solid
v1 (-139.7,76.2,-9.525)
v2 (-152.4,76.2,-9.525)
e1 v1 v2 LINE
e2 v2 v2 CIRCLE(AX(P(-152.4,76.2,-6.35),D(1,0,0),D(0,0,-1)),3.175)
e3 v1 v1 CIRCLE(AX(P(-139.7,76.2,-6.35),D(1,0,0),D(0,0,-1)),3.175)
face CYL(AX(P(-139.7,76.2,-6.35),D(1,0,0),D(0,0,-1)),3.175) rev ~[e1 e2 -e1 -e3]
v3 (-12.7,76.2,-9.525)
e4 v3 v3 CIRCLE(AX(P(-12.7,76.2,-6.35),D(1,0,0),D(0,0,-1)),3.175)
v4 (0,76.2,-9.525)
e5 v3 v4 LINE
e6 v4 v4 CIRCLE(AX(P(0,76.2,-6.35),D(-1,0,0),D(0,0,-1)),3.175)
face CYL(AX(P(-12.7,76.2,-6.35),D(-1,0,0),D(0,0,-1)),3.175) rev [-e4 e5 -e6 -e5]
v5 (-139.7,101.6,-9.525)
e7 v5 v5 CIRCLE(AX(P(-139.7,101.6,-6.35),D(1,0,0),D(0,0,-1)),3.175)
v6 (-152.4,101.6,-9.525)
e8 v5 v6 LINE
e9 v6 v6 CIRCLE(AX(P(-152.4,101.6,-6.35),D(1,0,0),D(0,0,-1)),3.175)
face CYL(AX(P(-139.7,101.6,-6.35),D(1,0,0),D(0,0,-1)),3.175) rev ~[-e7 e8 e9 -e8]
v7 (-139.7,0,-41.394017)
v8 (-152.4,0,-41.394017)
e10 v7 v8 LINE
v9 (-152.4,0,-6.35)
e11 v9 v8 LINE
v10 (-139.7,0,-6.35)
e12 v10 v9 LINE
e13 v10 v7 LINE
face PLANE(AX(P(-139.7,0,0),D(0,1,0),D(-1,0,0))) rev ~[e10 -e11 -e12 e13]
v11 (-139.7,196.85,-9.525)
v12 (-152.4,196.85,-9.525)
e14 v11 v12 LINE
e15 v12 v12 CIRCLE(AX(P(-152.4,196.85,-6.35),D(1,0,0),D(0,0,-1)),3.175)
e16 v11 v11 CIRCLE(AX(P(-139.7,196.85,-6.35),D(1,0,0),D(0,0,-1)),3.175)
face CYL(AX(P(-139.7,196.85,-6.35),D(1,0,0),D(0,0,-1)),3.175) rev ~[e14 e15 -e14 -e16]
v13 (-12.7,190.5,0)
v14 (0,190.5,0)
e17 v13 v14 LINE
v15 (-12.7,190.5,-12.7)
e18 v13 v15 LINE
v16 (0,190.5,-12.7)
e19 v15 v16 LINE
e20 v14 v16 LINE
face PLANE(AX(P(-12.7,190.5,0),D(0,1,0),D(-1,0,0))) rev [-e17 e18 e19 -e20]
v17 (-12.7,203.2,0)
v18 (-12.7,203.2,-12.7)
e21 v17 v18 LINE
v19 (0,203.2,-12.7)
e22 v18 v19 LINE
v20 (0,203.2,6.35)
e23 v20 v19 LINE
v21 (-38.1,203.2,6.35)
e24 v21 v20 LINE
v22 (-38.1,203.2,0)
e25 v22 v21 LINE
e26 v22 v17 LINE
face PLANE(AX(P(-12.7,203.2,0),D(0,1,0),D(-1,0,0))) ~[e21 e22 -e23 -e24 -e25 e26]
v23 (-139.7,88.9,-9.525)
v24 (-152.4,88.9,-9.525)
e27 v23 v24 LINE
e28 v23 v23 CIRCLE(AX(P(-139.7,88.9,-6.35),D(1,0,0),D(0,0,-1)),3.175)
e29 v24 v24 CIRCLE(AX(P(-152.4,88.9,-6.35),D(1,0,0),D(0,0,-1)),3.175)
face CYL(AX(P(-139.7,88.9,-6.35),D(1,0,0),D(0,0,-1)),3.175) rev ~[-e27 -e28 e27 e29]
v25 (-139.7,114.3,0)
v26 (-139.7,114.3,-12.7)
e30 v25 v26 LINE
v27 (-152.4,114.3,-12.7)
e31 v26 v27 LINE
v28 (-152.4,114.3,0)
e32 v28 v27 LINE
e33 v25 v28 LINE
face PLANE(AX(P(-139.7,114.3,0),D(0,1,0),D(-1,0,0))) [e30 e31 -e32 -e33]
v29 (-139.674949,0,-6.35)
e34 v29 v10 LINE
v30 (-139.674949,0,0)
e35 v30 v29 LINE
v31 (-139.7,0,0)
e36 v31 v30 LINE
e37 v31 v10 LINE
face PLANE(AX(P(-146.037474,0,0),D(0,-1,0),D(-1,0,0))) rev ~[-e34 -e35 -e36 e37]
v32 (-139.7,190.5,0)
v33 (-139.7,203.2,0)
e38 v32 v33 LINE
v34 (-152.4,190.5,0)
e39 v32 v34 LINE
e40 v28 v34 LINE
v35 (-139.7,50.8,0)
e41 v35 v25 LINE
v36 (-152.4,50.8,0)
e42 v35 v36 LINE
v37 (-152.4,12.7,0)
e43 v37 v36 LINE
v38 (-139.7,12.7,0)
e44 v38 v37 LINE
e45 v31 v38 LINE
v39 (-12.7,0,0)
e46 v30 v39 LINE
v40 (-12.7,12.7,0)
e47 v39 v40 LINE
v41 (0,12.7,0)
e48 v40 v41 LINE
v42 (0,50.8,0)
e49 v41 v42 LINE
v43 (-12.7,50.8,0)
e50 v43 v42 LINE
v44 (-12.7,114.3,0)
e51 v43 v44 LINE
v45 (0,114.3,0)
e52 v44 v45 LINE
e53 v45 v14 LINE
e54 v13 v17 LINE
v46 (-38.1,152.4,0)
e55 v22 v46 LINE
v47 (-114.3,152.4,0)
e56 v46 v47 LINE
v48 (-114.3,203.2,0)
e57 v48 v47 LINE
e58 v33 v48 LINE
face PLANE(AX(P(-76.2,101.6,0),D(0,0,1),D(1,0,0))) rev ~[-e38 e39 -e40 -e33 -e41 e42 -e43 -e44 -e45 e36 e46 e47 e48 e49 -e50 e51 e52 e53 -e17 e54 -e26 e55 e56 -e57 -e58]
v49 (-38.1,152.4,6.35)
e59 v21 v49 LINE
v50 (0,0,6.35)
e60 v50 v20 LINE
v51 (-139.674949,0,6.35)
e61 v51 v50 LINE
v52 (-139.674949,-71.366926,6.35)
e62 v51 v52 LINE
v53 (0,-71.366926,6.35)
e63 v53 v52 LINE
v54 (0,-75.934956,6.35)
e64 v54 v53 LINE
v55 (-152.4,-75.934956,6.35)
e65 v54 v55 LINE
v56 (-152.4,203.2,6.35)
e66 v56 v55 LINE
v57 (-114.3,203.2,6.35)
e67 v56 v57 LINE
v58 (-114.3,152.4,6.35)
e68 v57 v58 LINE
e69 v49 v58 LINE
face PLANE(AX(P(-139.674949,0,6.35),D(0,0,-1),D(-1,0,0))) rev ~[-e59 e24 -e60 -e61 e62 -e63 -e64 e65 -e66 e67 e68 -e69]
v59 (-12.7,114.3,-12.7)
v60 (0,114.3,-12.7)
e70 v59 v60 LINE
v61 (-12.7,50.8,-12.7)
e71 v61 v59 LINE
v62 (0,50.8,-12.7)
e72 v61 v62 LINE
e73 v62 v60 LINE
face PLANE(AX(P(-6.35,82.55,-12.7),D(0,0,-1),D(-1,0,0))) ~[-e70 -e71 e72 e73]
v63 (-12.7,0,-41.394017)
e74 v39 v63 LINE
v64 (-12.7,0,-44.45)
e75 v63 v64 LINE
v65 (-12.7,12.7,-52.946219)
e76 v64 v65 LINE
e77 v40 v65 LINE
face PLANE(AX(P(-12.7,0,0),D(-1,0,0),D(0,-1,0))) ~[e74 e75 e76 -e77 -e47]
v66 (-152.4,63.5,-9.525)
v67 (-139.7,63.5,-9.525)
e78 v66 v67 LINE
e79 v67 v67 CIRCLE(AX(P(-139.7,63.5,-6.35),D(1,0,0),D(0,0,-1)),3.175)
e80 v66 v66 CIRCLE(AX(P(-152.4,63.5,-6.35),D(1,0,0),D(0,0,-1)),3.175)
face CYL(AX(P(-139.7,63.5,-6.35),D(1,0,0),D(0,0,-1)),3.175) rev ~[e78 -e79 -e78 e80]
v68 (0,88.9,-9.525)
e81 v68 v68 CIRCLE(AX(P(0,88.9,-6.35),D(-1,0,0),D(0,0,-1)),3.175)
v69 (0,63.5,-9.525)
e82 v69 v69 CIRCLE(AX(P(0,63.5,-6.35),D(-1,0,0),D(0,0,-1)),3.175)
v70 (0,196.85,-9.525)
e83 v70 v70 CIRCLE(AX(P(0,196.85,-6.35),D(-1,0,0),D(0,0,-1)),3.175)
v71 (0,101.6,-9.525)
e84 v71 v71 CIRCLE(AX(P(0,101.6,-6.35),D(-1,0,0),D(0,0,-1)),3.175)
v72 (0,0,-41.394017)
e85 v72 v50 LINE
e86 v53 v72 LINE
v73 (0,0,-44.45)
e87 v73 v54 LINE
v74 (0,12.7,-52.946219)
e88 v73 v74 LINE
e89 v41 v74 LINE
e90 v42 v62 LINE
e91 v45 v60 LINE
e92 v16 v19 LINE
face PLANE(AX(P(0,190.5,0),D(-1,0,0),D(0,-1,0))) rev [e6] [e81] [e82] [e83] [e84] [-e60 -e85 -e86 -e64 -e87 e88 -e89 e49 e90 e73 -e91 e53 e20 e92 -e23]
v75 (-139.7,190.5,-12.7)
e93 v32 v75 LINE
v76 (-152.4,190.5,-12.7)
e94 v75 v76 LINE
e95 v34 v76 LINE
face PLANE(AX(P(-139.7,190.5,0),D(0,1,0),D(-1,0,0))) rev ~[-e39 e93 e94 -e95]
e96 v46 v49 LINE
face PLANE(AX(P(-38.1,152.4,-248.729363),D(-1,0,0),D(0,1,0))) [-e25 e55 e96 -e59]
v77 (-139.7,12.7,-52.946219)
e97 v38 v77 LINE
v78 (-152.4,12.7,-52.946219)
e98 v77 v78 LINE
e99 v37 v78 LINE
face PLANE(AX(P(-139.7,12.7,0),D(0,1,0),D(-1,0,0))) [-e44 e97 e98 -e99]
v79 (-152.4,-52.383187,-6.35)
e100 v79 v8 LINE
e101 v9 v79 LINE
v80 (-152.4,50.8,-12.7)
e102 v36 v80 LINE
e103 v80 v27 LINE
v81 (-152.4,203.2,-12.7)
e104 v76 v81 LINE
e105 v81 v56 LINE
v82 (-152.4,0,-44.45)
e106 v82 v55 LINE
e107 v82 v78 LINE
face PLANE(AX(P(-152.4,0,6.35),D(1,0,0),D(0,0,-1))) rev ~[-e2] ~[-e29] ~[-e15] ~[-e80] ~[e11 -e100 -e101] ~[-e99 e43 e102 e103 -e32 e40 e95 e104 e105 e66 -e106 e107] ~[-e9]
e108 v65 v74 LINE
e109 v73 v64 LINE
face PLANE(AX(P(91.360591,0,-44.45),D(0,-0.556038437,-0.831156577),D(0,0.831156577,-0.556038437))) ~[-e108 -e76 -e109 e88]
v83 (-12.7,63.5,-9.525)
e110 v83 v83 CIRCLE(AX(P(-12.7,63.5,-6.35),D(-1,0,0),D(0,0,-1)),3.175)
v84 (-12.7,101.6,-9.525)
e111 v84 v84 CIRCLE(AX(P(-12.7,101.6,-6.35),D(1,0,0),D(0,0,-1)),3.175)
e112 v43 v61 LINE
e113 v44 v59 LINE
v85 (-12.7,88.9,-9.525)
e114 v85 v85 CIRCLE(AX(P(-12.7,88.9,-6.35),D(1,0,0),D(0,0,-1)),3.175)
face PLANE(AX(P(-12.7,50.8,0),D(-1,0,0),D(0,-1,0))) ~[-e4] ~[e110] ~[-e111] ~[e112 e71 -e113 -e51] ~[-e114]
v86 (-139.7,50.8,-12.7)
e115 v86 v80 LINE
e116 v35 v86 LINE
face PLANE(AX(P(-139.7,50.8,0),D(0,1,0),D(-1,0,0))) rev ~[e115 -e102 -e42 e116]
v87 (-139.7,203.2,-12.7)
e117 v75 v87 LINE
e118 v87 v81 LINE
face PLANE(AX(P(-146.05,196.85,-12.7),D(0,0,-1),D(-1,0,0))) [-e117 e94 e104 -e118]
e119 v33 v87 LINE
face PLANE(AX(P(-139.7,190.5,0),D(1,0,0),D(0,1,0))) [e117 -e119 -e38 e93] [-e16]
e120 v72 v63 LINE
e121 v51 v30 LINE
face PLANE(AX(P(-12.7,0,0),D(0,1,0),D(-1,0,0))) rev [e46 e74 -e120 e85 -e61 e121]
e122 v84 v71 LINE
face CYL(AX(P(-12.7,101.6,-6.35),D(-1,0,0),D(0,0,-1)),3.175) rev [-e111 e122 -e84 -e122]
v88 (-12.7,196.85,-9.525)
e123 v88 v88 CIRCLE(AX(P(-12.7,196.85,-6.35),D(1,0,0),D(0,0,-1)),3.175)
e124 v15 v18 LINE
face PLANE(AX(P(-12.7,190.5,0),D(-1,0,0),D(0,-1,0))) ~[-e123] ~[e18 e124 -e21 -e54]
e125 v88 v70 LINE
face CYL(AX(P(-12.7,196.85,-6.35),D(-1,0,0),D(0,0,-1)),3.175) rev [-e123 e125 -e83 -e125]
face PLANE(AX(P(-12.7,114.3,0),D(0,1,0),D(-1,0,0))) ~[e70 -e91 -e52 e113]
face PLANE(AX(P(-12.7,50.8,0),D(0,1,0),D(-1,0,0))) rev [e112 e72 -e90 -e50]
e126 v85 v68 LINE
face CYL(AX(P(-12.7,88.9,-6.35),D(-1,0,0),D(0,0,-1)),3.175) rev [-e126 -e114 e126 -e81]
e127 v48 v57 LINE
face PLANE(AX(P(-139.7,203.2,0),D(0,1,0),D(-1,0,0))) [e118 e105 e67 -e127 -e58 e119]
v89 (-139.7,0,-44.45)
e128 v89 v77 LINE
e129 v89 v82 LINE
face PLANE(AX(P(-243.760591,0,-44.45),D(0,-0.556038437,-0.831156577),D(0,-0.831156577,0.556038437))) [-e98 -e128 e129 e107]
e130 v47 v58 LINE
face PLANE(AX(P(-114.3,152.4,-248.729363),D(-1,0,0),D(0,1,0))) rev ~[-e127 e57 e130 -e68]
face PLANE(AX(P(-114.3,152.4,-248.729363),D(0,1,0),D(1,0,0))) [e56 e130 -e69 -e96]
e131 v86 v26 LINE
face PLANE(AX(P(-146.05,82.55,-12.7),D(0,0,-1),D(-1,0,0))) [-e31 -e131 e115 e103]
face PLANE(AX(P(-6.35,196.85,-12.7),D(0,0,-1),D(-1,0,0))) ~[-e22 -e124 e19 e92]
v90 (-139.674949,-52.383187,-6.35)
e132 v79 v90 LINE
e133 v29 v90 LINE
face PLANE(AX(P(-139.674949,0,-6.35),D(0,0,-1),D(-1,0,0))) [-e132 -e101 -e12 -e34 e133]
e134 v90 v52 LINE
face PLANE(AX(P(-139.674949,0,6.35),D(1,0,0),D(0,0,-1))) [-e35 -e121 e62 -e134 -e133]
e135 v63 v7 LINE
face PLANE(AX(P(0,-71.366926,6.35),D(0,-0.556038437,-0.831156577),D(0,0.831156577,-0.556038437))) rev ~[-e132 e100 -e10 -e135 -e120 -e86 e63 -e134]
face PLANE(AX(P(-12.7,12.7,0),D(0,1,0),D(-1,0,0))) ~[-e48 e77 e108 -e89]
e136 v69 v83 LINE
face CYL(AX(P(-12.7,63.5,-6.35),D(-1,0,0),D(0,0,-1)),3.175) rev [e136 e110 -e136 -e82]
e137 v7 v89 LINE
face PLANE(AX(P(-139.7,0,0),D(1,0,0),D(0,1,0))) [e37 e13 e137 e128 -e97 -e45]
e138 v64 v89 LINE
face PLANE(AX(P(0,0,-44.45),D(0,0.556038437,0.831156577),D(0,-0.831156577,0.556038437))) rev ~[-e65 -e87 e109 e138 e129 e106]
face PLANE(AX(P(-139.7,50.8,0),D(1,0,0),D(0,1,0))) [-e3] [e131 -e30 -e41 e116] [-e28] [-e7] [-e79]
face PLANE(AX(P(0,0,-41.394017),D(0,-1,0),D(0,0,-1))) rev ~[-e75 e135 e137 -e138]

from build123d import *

# Parameters (mm, degrees)
SKETCH1_W               = 152.4
SKETCH1_H               = 203.2
BOSS_EXTRUDE1_DEPTH     = 6.35
CUT_EXTRUDE1_DEPTH      = 255.079362602
CUT_EXTRUDE1_DEPTH_BACK = 255.079362602
SKETCH2_W               = 76.2
SKETCH2_H               = 50.8
SKETCH3_W               = 12.7
SKETCH3_H               = 12.7
SKETCH3_H_2             = 63.5
BOSS_EXTRUDE2_DEPTH     = 12.7
SKETCH4_R               = 3.175
CUT_EXTRUDE2_DEPTH      = 247.916220609
BOSS_EXTRUDE3_DEPTH     = 152.4
BOSS_EXTRUDE5_REACH     = 259.86
SKETCH11_W              = 12.72505143
SKETCH11_H              = 12.7
BOSS_EXTRUDE8_REACH     = 259.86
SKETCH13_W              = 12.7
SKETCH13_H              = 12.7


with BuildPart() as part:
    # Sketch1 → Boss-Extrude1 (new body)
    with BuildSketch(Plane.XY):
        with Locations((-76.2, 101.6)):
            Rectangle(SKETCH1_W, SKETCH1_H)
    extrude(amount=BOSS_EXTRUDE1_DEPTH)

    # Sketch2 → Cut-Extrude1 (cut, two sides: drawn at the far end of the back side and taken through both)
    with BuildSketch(Plane.XY.offset(6.35).offset(-CUT_EXTRUDE1_DEPTH_BACK)):
        with Locations((-76.2, 177.8)):
            Rectangle(SKETCH2_W, SKETCH2_H)
    extrude(amount=CUT_EXTRUDE1_DEPTH + CUT_EXTRUDE1_DEPTH_BACK, mode=Mode.SUBTRACT)

    # Sketch3 → Boss-Extrude2 (add)
    with BuildSketch(Plane(origin=(0, 0, 0), x_dir=(-1, 0, 0), z_dir=(0, 0, -1))):
        with Locations((146.05, 196.85)):
            Rectangle(SKETCH3_W, SKETCH3_H)
        with Locations((146.05, 82.55)):
            Rectangle(SKETCH3_W, SKETCH3_H_2)
    boss_extrude2 = extrude(amount=BOSS_EXTRUDE2_DEPTH)

    # Sketch4 → Cut-Extrude2 (cut, symmetric)
    with BuildSketch(Plane(origin=(-139.7, 0, 0), x_dir=(0, 0, -1), z_dir=(1, 0, 0))):
        with Locations((6.35, 196.85)):
            Circle(SKETCH4_R)
        with Locations((6.35, 101.6)):
            Circle(SKETCH4_R)
        with Locations((6.35, 88.9)):
            Circle(SKETCH4_R)
        with Locations((6.35, 76.2)):
            Circle(SKETCH4_R)
        with Locations((6.35, 63.5)):
            Circle(SKETCH4_R)
    cut_extrude2 = extrude(amount=CUT_EXTRUDE2_DEPTH, both=True, mode=Mode.SUBTRACT)



with BuildPart() as body_2:
    # Sketch6 → Boss-Extrude3 (new body)
    with BuildSketch(Plane(origin=(0, 0, 0), x_dir=(0, 0, -1), z_dir=(1, 0, 0))):
        Polygon((44.45, 0), (-6.35, -75.934955719), (-6.35, -71.366926193), (41.394017446, 0), align=None)
    extrude(amount=-BOSS_EXTRUDE3_DEPTH)


with BuildPart() as body_3:
    # Boss-Extrude5: up to this plane
    boss_extrude5_end = Plane(origin=(-243.760590519, 0, -41.394017446), z_dir=(0, 0.5560384374855327, 0.8311565773298358))
    # Sketch11 → Boss-Extrude5 (new, up to the surface)
    with BuildSketch(Plane(origin=(0, 0, 0), x_dir=(-1, 0, 0), z_dir=(0, -1, 0)), mode=Mode.PRIVATE) as boss_extrude5_sk1:
        with Locations((146.037474285, 0)):
            Rectangle(SKETCH11_W, SKETCH11_H)
    boss_extrude5_tool1 = split(extrude(boss_extrude5_sk1.sketch, amount=BOSS_EXTRUDE5_REACH, mode=Mode.PRIVATE), bisect_by=boss_extrude5_end, keep=Keep.BOTH, mode=Mode.PRIVATE)
    add(boss_extrude5_tool1.solids().sort_by_distance((-146.037474, 0, 0))[0])


with BuildPart() as part_1:
    add(part.part)

    add(body_2.part)  # Boss-Extrude8 merges body 2

    add(body_3.part)  # Boss-Extrude8 merges body 3
    # Boss-Extrude8: up to this plane
    boss_extrude8_end = Plane(origin=(-243.760590519, 0, -44.45), z_dir=(0, -0.5560384374855327, -0.8311565773298358))
    # Sketch13 → Boss-Extrude8 (add, up to the surface)
    with BuildSketch(Plane(origin=(0, 0, 0), x_dir=(-1, 0, 0), z_dir=(0, 0, -1)), mode=Mode.PRIVATE) as boss_extrude8_sk1:
        with Locations((146.05, 6.35)):
            Rectangle(SKETCH13_W, SKETCH13_H)
    boss_extrude8_tool1 = split(extrude(boss_extrude8_sk1.sketch, amount=BOSS_EXTRUDE8_REACH, mode=Mode.PRIVATE), bisect_by=boss_extrude8_end, keep=Keep.BOTH, mode=Mode.PRIVATE)
    boss_extrude8 = boss_extrude8_tool1.solids().sort_by_distance((-146.05, 6.35, 0))[0]
    add(boss_extrude8)

    # Mirror1: Boss-Extrude2, Cut-Extrude2, Boss-Extrude8 across plane
    add(boss_extrude2.mirror(Plane.ZY.offset(76.2)))
    add(cut_extrude2.mirror(Plane.ZY.offset(76.2)), mode=Mode.SUBTRACT)
    add(boss_extrude8.mirror(Plane.ZY.offset(76.2)))


solid = part_1.part
